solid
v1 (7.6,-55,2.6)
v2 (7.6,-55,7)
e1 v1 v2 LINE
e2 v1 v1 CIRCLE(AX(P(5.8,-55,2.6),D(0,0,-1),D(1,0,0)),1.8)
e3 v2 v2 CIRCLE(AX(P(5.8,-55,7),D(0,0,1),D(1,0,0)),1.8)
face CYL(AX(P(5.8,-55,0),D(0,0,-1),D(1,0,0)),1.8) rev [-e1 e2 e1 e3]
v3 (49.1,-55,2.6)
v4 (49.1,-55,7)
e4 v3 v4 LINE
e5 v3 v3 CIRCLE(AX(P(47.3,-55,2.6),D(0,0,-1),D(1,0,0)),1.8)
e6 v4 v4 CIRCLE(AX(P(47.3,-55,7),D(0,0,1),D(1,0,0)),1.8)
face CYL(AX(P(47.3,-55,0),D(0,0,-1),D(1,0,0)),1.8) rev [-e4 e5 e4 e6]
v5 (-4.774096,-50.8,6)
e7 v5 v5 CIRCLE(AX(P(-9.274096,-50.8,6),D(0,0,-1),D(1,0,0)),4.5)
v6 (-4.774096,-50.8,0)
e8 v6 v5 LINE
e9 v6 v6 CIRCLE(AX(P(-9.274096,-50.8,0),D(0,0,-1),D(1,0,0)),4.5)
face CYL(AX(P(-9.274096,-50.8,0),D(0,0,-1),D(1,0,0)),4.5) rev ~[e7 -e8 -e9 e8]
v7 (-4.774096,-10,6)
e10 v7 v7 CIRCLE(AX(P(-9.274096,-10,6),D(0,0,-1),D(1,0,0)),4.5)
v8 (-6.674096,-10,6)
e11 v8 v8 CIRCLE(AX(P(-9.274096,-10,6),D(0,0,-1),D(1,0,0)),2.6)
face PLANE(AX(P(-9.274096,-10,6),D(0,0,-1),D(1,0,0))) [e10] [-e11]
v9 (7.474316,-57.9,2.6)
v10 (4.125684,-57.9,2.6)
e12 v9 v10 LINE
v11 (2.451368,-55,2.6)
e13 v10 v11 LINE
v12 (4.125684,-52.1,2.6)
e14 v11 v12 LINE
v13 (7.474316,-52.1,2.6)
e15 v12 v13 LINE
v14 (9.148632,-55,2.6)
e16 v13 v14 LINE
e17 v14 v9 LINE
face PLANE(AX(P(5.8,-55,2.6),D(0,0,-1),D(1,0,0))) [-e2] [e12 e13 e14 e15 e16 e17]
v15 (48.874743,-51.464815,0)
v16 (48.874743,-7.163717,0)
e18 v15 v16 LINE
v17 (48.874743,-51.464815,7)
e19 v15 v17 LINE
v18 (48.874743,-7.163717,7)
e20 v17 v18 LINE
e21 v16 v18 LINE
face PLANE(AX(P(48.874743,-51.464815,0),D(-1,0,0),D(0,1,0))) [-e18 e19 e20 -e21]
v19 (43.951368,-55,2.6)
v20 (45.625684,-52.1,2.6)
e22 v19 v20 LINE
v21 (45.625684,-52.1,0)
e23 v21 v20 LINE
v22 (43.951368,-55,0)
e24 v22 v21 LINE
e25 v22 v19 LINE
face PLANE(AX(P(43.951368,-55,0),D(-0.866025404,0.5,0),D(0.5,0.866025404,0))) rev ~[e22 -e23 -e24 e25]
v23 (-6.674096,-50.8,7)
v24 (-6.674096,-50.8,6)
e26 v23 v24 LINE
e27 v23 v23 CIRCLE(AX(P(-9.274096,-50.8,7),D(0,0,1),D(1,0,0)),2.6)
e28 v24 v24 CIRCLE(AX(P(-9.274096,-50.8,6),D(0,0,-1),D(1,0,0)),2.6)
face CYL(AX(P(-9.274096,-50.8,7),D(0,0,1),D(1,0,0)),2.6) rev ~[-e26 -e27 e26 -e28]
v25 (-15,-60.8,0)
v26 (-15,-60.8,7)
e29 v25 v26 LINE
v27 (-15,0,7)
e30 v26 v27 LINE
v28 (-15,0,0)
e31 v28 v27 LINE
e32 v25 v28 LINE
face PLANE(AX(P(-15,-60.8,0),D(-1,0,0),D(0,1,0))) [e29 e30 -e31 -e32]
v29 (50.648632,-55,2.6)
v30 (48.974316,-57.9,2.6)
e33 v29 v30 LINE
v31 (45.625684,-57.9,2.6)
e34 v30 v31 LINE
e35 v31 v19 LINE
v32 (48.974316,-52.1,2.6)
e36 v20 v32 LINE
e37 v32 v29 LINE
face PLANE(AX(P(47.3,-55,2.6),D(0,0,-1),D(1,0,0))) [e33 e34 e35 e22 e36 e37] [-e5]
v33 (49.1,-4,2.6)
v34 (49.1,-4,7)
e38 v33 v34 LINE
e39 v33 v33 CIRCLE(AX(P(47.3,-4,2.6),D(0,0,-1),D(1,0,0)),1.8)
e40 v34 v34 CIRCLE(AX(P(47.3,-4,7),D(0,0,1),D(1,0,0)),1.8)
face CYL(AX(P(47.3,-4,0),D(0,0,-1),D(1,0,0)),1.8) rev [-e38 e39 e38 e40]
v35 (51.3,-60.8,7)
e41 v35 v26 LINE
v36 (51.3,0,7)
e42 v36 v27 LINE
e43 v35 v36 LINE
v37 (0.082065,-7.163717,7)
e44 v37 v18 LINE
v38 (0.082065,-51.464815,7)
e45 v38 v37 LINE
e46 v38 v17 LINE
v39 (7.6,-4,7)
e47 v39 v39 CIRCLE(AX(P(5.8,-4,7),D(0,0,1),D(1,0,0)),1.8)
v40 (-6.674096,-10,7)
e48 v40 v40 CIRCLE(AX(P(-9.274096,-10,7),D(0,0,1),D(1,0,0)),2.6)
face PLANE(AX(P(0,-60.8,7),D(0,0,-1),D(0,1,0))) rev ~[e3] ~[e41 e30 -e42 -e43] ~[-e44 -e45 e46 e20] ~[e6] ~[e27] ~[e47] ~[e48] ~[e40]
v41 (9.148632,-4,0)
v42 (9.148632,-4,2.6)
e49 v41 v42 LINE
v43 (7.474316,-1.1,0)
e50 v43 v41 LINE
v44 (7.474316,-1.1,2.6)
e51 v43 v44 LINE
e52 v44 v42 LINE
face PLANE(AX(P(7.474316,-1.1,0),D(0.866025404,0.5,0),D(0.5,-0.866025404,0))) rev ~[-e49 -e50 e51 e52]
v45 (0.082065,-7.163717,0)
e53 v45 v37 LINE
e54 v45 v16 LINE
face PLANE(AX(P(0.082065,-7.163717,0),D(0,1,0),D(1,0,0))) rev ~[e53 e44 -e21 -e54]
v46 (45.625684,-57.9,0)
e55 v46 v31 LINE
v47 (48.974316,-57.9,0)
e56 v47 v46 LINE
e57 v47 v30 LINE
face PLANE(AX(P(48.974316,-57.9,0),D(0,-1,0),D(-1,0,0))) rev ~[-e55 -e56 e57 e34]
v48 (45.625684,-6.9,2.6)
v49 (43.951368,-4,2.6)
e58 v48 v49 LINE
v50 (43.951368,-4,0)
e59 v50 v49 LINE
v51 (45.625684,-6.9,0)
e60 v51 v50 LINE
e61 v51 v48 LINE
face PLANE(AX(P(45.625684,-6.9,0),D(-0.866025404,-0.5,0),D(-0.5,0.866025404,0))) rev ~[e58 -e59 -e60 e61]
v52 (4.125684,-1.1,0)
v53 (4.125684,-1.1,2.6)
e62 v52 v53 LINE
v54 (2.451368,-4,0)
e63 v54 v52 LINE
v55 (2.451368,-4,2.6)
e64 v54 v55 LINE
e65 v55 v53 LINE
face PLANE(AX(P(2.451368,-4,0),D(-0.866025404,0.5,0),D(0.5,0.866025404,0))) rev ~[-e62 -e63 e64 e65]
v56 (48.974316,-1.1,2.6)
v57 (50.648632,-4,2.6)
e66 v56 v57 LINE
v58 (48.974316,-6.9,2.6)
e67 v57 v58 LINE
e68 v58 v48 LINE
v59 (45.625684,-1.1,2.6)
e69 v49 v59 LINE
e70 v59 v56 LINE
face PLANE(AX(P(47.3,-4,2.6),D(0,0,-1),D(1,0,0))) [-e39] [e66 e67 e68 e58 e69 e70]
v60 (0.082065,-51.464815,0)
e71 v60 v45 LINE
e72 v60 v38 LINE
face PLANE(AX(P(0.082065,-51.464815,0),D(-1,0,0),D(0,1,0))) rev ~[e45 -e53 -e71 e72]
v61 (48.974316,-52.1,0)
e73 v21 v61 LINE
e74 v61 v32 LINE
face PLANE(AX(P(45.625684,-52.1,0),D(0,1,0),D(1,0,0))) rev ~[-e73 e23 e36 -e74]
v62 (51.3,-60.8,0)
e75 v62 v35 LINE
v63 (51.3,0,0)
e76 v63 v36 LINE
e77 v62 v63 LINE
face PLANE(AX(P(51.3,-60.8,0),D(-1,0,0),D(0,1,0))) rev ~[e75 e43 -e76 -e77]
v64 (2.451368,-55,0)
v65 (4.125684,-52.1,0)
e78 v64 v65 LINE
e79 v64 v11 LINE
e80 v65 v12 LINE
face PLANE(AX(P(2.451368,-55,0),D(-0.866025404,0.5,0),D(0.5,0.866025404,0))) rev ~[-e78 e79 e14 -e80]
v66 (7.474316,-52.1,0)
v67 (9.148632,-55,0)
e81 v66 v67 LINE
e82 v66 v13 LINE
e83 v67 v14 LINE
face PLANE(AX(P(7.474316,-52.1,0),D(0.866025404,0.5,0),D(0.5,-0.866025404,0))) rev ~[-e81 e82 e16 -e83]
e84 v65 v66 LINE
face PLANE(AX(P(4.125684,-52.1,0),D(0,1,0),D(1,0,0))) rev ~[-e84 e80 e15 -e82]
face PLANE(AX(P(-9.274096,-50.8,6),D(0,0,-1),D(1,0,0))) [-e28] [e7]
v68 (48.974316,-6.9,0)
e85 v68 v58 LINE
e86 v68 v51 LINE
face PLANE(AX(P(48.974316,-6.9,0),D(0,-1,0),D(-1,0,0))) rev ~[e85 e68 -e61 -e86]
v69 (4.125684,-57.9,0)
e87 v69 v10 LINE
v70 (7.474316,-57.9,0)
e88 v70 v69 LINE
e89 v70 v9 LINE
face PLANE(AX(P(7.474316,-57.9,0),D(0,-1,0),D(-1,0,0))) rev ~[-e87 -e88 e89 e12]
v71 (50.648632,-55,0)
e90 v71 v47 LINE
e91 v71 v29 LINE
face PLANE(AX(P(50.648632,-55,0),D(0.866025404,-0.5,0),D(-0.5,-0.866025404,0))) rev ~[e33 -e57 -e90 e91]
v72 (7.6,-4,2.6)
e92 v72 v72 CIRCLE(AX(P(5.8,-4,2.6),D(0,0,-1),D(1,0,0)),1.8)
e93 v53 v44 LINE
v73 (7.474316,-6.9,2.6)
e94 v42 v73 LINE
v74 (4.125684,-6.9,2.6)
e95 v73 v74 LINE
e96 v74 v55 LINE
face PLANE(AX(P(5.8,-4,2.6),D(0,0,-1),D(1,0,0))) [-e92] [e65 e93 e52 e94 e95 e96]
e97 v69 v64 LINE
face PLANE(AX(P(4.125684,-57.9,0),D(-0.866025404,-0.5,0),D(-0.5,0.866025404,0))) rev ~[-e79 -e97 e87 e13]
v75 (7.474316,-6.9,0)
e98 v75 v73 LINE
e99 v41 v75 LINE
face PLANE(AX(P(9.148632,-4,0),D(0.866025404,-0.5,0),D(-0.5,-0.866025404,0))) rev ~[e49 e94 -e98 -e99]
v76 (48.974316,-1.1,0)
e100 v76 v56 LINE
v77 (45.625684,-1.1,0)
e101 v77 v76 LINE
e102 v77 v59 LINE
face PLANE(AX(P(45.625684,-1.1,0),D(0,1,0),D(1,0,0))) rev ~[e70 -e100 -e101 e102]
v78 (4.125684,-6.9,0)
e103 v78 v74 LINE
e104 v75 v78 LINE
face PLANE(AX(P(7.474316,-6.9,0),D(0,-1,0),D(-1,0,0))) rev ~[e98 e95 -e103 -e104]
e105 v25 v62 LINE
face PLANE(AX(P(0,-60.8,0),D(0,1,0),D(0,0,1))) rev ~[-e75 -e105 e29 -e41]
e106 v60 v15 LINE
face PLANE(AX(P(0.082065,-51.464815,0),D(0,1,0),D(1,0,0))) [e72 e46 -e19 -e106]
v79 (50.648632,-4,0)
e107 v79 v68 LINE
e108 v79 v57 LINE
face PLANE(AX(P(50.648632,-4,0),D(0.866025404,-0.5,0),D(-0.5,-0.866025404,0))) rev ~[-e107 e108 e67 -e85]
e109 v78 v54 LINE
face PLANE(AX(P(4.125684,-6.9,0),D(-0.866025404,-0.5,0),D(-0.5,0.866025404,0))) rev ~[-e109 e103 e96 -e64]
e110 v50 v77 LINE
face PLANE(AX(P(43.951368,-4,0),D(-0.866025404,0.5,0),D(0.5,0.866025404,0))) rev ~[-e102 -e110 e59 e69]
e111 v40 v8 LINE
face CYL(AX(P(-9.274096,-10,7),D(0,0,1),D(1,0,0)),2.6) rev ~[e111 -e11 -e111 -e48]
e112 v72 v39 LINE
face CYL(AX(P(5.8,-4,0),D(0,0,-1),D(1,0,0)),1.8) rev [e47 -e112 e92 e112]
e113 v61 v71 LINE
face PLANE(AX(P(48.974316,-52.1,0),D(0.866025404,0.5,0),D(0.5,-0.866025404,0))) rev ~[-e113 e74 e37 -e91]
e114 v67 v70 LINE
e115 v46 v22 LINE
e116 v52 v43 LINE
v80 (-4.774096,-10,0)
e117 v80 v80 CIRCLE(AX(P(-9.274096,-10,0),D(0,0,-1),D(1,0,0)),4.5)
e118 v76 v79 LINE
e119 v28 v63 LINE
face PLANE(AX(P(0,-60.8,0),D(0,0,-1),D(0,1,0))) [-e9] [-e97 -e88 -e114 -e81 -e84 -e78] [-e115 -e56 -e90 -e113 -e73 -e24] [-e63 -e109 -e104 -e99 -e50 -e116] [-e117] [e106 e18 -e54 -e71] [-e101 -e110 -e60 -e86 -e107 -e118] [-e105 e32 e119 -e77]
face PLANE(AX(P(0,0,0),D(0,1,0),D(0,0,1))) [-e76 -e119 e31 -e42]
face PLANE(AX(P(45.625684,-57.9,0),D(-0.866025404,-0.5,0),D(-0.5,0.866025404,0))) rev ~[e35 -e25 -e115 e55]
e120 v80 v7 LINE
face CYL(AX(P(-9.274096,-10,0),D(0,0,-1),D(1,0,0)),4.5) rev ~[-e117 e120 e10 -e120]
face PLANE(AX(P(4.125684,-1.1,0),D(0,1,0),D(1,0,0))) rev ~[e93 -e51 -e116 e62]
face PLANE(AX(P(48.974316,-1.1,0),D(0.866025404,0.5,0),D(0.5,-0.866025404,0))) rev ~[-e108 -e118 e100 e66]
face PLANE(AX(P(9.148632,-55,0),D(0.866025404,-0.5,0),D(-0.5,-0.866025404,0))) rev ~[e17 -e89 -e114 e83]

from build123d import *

# Parameters (mm, degrees)
F2_W      = 51.3
F2_H      = 60.8
F2_R      = 1.8
F2_W_2    = 48.7926781061
F2_H_2    = 44.3010972813
F3_DEPTH  = 7
F4_DEPTH  = 15
F5_R      = 2.6
F6_DEPTH  = 25
F7_R      = 1.8
F8_DEPTH  = 2.6
F9_R      = 4.5
F9_R_2    = 2.6
F10_DEPTH = 6


with BuildPart() as f3:
    # F2 (on Top) → F3 (new body)
    with BuildSketch(Plane.XY):
        with Locations((25.65, -30.4)):
            Rectangle(F2_W, F2_H)
        with Locations((5.8, -55)):
            Circle(F2_R, mode=Mode.SUBTRACT)
        with Locations((47.3, -55)):
            Circle(F2_R, mode=Mode.SUBTRACT)
        with Locations((24.4784042297, -29.3142660521)):
            Rectangle(F2_W_2, F2_H_2, mode=Mode.SUBTRACT)
        with Locations((5.8, -4)):
            Circle(F2_R, mode=Mode.SUBTRACT)
        with Locations((47.3, -4)):
            Circle(F2_R, mode=Mode.SUBTRACT)
    extrude(amount=F3_DEPTH)

    # F4 (add): a face of the model
    f4_faces = [f3.faces().sort_by_distance(p)[0] for p in [
        (0, -30.4, 3.5),
    ]]
    extrude(f4_faces, amount=F4_DEPTH)

    # F5 (on face) → F6 (cut)
    with BuildSketch(Plane.XY.offset(7)):
        with Locations((-9.2740962282, -10)):
            Circle(F5_R)
        with Locations((-9.2740962282, -50.8)):
            Circle(F5_R)
    extrude(amount=-F6_DEPTH, mode=Mode.SUBTRACT)

    # F7 (on face) → F8 (cut)
    with BuildSketch(Plane(origin=(0, 0, 0), x_dir=(1, 0, 0), z_dir=(0, 0, -1))):
        Polygon((7.4743157806, 52.1), (9.1486315613, 55), (7.4743157806, 57.9), (4.1256842194, 57.9), (2.4513684387, 55), (4.1256842194, 52.1), align=None)
        with Locations((5.8, 55)):
            Circle(F7_R, mode=Mode.SUBTRACT)
        Polygon((48.9743157806, 52.1), (50.6486315613, 55), (48.9743157806, 57.9), (45.6256842194, 57.9), (43.9513684387, 55), (45.6256842194, 52.1), align=None)
        with Locations((47.3, 55)):
            Circle(F7_R, mode=Mode.SUBTRACT)
        Polygon((48.9743157806, 1.1), (50.6486315613, 4), (48.9743157806, 6.9), (45.6256842194, 6.9), (43.9513684387, 4), (45.6256842194, 1.1), align=None)
        with Locations((47.3, 4)):
            Circle(F7_R, mode=Mode.SUBTRACT)
        Polygon((7.4743157806, 1.1), (9.1486315613, 4), (7.4743157806, 6.9), (4.1256842194, 6.9), (2.4513684387, 4), (4.1256842194, 1.1), align=None)
        with Locations((5.8, 4)):
            Circle(F7_R, mode=Mode.SUBTRACT)
    extrude(amount=-F8_DEPTH, mode=Mode.SUBTRACT)

    # F9 (on face) → F10 (cut)
    with BuildSketch(Plane(origin=(0, 0, 0), x_dir=(1, 0, 0), z_dir=(0, 0, -1))):
        with Locations((-9.2740962282, 10)):
            Circle(F9_R)
        with Locations((-9.2740962282, 10)):
            Circle(F9_R_2, mode=Mode.SUBTRACT)
        with Locations((-9.2740962282, 50.8)):
            Circle(F9_R)
        with Locations((-9.2740962282, 50.8)):
            Circle(F9_R_2, mode=Mode.SUBTRACT)
    extrude(amount=-F10_DEPTH, mode=Mode.SUBTRACT)


solid = f3.part
